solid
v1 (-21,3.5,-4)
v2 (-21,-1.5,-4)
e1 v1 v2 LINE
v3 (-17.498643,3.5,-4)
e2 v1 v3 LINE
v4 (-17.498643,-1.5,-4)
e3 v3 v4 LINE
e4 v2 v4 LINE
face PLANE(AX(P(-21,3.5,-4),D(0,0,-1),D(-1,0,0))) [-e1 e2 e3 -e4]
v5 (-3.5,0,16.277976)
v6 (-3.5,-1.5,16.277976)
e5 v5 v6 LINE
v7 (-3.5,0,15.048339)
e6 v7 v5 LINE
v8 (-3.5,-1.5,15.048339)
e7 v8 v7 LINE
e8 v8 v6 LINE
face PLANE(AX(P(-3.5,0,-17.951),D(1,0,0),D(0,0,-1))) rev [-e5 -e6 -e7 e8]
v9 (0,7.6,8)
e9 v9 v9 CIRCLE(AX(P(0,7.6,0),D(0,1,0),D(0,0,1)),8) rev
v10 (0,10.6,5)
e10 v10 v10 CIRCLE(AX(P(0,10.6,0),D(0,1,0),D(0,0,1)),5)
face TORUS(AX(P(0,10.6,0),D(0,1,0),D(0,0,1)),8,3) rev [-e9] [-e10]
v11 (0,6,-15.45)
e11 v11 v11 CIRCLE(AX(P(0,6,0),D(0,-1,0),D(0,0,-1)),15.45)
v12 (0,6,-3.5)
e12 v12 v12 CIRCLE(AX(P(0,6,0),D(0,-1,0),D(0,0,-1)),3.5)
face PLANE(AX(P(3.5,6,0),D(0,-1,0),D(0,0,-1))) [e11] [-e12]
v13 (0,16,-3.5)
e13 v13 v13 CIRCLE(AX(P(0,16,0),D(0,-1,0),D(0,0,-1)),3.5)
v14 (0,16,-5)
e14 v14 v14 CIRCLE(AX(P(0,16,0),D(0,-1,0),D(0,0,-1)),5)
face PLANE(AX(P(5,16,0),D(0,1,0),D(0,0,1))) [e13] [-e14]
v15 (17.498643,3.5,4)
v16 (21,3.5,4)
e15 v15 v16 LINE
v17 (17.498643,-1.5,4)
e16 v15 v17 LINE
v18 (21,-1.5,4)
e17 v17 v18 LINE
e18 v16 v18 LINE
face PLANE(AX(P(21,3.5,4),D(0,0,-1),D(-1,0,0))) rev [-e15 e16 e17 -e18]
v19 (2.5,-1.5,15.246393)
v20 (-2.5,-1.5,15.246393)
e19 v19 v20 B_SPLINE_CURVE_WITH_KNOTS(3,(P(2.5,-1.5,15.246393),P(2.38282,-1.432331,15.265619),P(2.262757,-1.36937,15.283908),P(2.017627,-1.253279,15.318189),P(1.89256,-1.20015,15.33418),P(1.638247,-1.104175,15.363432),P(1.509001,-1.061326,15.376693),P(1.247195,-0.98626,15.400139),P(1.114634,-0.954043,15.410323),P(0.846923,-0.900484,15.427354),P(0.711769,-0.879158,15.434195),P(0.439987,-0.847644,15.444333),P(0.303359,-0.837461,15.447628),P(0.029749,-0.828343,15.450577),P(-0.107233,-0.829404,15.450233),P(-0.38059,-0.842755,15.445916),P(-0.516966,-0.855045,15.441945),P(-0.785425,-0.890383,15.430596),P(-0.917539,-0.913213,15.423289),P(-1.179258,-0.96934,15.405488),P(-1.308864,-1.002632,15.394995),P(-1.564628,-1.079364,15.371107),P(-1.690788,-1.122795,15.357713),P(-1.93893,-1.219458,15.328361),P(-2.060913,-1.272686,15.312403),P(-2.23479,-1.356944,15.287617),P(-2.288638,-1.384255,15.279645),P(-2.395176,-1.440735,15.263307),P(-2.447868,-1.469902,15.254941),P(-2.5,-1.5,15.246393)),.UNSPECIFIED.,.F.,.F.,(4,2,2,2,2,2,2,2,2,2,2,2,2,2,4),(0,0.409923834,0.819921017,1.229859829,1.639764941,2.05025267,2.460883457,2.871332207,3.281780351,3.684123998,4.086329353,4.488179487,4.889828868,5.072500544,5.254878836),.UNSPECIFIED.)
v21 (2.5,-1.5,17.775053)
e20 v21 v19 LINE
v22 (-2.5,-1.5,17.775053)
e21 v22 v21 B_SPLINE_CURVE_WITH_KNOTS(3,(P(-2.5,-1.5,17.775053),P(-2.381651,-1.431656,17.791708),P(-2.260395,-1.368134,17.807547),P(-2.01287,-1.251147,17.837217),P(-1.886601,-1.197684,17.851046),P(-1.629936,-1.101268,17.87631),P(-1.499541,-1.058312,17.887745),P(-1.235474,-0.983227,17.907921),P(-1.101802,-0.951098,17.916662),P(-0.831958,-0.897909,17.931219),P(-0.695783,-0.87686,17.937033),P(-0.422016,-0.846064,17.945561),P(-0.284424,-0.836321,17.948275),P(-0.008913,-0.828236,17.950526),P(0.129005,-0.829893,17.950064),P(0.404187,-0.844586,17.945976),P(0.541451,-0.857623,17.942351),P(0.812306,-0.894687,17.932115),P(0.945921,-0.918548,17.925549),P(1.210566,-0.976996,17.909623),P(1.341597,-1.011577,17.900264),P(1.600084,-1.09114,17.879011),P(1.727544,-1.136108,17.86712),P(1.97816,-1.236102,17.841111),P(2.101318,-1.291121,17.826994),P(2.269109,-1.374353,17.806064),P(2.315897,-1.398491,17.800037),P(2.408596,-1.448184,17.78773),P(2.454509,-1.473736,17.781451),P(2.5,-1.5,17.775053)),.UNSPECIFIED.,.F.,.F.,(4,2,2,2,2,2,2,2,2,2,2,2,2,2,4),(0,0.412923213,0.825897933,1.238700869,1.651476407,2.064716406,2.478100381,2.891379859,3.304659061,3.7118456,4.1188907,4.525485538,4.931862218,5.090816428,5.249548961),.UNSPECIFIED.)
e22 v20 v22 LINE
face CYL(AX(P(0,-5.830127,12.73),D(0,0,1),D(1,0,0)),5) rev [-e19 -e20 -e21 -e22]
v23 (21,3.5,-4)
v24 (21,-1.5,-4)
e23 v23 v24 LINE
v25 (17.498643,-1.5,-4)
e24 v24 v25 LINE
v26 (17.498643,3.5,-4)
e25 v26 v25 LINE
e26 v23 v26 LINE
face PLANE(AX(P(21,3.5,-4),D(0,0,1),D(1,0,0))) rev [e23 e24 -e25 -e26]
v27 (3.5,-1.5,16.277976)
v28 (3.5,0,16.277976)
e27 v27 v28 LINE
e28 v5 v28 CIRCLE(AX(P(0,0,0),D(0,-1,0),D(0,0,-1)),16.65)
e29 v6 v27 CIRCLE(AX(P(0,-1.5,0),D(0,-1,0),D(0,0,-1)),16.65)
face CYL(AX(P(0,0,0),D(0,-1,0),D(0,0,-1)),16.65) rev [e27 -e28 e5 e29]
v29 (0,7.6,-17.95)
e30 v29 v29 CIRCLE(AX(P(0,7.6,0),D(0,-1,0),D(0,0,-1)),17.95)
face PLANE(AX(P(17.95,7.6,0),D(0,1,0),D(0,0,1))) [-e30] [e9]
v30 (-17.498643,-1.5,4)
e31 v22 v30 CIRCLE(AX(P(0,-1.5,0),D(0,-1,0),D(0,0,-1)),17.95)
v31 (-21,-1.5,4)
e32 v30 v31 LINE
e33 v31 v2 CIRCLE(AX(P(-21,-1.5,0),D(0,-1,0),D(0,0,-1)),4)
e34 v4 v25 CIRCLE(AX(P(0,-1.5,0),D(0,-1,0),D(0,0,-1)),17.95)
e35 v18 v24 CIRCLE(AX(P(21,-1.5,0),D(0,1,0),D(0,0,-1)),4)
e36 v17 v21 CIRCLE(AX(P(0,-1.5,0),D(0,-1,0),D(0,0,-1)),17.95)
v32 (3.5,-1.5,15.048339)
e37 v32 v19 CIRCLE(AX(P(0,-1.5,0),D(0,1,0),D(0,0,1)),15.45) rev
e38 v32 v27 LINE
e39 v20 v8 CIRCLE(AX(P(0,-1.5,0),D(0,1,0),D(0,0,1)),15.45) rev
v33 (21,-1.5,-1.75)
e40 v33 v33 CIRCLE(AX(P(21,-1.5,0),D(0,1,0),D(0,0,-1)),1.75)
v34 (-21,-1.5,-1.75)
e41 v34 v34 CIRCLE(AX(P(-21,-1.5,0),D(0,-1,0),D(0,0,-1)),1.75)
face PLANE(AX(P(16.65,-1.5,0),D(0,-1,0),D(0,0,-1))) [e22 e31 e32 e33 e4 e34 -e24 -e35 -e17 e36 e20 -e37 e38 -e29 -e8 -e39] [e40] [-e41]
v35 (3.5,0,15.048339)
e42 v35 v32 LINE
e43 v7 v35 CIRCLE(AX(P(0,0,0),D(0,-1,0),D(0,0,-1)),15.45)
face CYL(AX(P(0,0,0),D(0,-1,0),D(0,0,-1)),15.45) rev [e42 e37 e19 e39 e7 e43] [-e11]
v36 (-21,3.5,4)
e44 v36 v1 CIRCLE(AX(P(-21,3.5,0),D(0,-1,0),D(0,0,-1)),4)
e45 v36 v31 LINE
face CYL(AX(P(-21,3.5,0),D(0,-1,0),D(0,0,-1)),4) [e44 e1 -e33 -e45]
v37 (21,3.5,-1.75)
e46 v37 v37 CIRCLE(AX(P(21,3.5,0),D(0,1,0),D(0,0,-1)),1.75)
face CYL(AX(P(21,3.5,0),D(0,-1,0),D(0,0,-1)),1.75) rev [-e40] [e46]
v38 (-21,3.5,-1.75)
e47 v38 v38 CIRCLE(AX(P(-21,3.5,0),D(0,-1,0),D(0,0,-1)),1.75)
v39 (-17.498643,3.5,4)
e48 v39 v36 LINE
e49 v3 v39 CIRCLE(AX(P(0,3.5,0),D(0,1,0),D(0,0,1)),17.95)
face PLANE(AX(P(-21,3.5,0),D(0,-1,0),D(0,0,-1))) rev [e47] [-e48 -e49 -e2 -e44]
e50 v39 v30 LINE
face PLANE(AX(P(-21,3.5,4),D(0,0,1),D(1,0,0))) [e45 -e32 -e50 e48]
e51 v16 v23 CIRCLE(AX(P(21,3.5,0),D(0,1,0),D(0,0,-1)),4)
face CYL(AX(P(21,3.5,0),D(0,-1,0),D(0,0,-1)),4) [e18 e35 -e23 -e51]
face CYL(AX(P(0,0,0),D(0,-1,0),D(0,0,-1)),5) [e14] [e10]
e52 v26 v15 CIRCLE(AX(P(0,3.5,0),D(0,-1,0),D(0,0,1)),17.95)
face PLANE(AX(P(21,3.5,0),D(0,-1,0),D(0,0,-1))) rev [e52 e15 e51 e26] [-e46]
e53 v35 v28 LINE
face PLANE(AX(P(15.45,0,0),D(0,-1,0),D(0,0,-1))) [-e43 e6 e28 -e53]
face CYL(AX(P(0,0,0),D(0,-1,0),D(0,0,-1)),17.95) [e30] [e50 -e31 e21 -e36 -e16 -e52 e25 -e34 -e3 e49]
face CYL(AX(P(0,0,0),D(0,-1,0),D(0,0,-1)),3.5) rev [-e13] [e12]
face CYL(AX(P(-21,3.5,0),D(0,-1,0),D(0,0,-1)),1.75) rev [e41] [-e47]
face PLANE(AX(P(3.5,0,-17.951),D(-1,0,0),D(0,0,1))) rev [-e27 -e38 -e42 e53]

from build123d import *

# Parameters (mm, degrees)
FILLET1_R                = 3
BOSS_EXTRUDE4_REACH      = 44.135
BOSS_EXTRUDE4_END_RADIUS = 15.45
SKETCH3_W                = 7
SKETCH3_H                = 1.5
BOSS_EXTRUDE5_START      = -5
SKETCH4_R                = 1.75
BOSS_EXTRUDE5_DEPTH      = 5
CUT_EXTRUDE1_DEPTH       = 3.92
CUT_EXTRUDE1_DEPTH_BACK  = 3.19


with BuildPart() as part:
    # Sketch2 → Revolve1 (revolve)
    with BuildSketch(Plane.XY, mode=Mode.PRIVATE) as revolve1_sk:
        Polygon((3.5, 6), (15.45, 6), (15.45, 0), (16.65, 0), (16.65, -1.5), (17.95, -1.5), (17.95, 0), (17.95, 7.6), (5, 7.6), (5, 16), (3.5, 16), align=None)
    revolve(revolve1_sk.sketch.rotate(Axis((0, 0, 0), (0, 1, 0)), 90), axis=Axis((0, 0, 0), (0, 1, 0)))

    # Fillet1
    fillet1_edges = [part.edges().sort_by_distance(p)[0] for p in [
        (0, 7.6, 5),
    ]]
    fillet(fillet1_edges, radius=FILLET1_R)

    # Boss-Extrude4: up to this cylinder (the profile starts outside it)
    boss_extrude4_end = Plane(origin=(0, -0.75, 0), z_dir=(0, -1, 0)) * Cylinder(BOSS_EXTRUDE4_END_RADIUS, 120.17, mode=Mode.PRIVATE)
    # Sketch3 → Boss-Extrude4 (add, up to the surface)
    with BuildSketch(Plane(origin=(0, 0, 16.65), x_dir=(-1, 0, 0), z_dir=(0, 0, -1)), mode=Mode.PRIVATE) as boss_extrude4_sk1:
        with Locations((0, -0.75)):
            Rectangle(SKETCH3_W, SKETCH3_H)
    boss_extrude4_tool1 = extrude(boss_extrude4_sk1.sketch, amount=BOSS_EXTRUDE4_REACH, mode=Mode.PRIVATE) - boss_extrude4_end
    add(boss_extrude4_tool1.solids().sort_by_distance((0, -0.75, 16.65))[0])

    # Sketch4 → Boss-Extrude5 (add)
    with BuildSketch(Plane.XZ.offset(1.5).offset(BOSS_EXTRUDE5_START)):
        with BuildLine():
            Line((-21, -4), (-17.498642805, -4))
            ThreePointArc((-17.498642805, -4), (-17.95, 0), (-17.498642805, 4))
            Line((-17.498642805, 4), (-21, 4))
            ThreePointArc((-21, 4), (-25, 0), (-21, -4))
        make_face()
        with Locations(Location((-21, 0, 0), (0, 0, 270))):
            Circle(SKETCH4_R, mode=Mode.SUBTRACT)
    boss_extrude5 = extrude(amount=BOSS_EXTRUDE5_DEPTH)

    # Mirror1: Boss-Extrude5 across plane
    add(boss_extrude5.mirror(Plane(origin=(0, 0, 0), x_dir=(0, 0, 1), z_dir=(1, 0, 0))))

    # Sketch5 → Cut-Extrude1 (cut, two sides: drawn at the far end of the back side and taken through both)
    with BuildSketch(Plane(origin=(0, 0, 16.65), x_dir=(-1, 0, 0), z_dir=(0, 0, -1)).offset(-CUT_EXTRUDE1_DEPTH_BACK)):
        with BuildLine():
            Line((2.5, -1.5), (-2.5, -1.5))
            ThreePointArc((-2.5, -1.5), (0, -0.830127019), (2.5, -1.5))
        make_face()
    extrude(amount=CUT_EXTRUDE1_DEPTH + CUT_EXTRUDE1_DEPTH_BACK, mode=Mode.SUBTRACT)


solid = part.part
